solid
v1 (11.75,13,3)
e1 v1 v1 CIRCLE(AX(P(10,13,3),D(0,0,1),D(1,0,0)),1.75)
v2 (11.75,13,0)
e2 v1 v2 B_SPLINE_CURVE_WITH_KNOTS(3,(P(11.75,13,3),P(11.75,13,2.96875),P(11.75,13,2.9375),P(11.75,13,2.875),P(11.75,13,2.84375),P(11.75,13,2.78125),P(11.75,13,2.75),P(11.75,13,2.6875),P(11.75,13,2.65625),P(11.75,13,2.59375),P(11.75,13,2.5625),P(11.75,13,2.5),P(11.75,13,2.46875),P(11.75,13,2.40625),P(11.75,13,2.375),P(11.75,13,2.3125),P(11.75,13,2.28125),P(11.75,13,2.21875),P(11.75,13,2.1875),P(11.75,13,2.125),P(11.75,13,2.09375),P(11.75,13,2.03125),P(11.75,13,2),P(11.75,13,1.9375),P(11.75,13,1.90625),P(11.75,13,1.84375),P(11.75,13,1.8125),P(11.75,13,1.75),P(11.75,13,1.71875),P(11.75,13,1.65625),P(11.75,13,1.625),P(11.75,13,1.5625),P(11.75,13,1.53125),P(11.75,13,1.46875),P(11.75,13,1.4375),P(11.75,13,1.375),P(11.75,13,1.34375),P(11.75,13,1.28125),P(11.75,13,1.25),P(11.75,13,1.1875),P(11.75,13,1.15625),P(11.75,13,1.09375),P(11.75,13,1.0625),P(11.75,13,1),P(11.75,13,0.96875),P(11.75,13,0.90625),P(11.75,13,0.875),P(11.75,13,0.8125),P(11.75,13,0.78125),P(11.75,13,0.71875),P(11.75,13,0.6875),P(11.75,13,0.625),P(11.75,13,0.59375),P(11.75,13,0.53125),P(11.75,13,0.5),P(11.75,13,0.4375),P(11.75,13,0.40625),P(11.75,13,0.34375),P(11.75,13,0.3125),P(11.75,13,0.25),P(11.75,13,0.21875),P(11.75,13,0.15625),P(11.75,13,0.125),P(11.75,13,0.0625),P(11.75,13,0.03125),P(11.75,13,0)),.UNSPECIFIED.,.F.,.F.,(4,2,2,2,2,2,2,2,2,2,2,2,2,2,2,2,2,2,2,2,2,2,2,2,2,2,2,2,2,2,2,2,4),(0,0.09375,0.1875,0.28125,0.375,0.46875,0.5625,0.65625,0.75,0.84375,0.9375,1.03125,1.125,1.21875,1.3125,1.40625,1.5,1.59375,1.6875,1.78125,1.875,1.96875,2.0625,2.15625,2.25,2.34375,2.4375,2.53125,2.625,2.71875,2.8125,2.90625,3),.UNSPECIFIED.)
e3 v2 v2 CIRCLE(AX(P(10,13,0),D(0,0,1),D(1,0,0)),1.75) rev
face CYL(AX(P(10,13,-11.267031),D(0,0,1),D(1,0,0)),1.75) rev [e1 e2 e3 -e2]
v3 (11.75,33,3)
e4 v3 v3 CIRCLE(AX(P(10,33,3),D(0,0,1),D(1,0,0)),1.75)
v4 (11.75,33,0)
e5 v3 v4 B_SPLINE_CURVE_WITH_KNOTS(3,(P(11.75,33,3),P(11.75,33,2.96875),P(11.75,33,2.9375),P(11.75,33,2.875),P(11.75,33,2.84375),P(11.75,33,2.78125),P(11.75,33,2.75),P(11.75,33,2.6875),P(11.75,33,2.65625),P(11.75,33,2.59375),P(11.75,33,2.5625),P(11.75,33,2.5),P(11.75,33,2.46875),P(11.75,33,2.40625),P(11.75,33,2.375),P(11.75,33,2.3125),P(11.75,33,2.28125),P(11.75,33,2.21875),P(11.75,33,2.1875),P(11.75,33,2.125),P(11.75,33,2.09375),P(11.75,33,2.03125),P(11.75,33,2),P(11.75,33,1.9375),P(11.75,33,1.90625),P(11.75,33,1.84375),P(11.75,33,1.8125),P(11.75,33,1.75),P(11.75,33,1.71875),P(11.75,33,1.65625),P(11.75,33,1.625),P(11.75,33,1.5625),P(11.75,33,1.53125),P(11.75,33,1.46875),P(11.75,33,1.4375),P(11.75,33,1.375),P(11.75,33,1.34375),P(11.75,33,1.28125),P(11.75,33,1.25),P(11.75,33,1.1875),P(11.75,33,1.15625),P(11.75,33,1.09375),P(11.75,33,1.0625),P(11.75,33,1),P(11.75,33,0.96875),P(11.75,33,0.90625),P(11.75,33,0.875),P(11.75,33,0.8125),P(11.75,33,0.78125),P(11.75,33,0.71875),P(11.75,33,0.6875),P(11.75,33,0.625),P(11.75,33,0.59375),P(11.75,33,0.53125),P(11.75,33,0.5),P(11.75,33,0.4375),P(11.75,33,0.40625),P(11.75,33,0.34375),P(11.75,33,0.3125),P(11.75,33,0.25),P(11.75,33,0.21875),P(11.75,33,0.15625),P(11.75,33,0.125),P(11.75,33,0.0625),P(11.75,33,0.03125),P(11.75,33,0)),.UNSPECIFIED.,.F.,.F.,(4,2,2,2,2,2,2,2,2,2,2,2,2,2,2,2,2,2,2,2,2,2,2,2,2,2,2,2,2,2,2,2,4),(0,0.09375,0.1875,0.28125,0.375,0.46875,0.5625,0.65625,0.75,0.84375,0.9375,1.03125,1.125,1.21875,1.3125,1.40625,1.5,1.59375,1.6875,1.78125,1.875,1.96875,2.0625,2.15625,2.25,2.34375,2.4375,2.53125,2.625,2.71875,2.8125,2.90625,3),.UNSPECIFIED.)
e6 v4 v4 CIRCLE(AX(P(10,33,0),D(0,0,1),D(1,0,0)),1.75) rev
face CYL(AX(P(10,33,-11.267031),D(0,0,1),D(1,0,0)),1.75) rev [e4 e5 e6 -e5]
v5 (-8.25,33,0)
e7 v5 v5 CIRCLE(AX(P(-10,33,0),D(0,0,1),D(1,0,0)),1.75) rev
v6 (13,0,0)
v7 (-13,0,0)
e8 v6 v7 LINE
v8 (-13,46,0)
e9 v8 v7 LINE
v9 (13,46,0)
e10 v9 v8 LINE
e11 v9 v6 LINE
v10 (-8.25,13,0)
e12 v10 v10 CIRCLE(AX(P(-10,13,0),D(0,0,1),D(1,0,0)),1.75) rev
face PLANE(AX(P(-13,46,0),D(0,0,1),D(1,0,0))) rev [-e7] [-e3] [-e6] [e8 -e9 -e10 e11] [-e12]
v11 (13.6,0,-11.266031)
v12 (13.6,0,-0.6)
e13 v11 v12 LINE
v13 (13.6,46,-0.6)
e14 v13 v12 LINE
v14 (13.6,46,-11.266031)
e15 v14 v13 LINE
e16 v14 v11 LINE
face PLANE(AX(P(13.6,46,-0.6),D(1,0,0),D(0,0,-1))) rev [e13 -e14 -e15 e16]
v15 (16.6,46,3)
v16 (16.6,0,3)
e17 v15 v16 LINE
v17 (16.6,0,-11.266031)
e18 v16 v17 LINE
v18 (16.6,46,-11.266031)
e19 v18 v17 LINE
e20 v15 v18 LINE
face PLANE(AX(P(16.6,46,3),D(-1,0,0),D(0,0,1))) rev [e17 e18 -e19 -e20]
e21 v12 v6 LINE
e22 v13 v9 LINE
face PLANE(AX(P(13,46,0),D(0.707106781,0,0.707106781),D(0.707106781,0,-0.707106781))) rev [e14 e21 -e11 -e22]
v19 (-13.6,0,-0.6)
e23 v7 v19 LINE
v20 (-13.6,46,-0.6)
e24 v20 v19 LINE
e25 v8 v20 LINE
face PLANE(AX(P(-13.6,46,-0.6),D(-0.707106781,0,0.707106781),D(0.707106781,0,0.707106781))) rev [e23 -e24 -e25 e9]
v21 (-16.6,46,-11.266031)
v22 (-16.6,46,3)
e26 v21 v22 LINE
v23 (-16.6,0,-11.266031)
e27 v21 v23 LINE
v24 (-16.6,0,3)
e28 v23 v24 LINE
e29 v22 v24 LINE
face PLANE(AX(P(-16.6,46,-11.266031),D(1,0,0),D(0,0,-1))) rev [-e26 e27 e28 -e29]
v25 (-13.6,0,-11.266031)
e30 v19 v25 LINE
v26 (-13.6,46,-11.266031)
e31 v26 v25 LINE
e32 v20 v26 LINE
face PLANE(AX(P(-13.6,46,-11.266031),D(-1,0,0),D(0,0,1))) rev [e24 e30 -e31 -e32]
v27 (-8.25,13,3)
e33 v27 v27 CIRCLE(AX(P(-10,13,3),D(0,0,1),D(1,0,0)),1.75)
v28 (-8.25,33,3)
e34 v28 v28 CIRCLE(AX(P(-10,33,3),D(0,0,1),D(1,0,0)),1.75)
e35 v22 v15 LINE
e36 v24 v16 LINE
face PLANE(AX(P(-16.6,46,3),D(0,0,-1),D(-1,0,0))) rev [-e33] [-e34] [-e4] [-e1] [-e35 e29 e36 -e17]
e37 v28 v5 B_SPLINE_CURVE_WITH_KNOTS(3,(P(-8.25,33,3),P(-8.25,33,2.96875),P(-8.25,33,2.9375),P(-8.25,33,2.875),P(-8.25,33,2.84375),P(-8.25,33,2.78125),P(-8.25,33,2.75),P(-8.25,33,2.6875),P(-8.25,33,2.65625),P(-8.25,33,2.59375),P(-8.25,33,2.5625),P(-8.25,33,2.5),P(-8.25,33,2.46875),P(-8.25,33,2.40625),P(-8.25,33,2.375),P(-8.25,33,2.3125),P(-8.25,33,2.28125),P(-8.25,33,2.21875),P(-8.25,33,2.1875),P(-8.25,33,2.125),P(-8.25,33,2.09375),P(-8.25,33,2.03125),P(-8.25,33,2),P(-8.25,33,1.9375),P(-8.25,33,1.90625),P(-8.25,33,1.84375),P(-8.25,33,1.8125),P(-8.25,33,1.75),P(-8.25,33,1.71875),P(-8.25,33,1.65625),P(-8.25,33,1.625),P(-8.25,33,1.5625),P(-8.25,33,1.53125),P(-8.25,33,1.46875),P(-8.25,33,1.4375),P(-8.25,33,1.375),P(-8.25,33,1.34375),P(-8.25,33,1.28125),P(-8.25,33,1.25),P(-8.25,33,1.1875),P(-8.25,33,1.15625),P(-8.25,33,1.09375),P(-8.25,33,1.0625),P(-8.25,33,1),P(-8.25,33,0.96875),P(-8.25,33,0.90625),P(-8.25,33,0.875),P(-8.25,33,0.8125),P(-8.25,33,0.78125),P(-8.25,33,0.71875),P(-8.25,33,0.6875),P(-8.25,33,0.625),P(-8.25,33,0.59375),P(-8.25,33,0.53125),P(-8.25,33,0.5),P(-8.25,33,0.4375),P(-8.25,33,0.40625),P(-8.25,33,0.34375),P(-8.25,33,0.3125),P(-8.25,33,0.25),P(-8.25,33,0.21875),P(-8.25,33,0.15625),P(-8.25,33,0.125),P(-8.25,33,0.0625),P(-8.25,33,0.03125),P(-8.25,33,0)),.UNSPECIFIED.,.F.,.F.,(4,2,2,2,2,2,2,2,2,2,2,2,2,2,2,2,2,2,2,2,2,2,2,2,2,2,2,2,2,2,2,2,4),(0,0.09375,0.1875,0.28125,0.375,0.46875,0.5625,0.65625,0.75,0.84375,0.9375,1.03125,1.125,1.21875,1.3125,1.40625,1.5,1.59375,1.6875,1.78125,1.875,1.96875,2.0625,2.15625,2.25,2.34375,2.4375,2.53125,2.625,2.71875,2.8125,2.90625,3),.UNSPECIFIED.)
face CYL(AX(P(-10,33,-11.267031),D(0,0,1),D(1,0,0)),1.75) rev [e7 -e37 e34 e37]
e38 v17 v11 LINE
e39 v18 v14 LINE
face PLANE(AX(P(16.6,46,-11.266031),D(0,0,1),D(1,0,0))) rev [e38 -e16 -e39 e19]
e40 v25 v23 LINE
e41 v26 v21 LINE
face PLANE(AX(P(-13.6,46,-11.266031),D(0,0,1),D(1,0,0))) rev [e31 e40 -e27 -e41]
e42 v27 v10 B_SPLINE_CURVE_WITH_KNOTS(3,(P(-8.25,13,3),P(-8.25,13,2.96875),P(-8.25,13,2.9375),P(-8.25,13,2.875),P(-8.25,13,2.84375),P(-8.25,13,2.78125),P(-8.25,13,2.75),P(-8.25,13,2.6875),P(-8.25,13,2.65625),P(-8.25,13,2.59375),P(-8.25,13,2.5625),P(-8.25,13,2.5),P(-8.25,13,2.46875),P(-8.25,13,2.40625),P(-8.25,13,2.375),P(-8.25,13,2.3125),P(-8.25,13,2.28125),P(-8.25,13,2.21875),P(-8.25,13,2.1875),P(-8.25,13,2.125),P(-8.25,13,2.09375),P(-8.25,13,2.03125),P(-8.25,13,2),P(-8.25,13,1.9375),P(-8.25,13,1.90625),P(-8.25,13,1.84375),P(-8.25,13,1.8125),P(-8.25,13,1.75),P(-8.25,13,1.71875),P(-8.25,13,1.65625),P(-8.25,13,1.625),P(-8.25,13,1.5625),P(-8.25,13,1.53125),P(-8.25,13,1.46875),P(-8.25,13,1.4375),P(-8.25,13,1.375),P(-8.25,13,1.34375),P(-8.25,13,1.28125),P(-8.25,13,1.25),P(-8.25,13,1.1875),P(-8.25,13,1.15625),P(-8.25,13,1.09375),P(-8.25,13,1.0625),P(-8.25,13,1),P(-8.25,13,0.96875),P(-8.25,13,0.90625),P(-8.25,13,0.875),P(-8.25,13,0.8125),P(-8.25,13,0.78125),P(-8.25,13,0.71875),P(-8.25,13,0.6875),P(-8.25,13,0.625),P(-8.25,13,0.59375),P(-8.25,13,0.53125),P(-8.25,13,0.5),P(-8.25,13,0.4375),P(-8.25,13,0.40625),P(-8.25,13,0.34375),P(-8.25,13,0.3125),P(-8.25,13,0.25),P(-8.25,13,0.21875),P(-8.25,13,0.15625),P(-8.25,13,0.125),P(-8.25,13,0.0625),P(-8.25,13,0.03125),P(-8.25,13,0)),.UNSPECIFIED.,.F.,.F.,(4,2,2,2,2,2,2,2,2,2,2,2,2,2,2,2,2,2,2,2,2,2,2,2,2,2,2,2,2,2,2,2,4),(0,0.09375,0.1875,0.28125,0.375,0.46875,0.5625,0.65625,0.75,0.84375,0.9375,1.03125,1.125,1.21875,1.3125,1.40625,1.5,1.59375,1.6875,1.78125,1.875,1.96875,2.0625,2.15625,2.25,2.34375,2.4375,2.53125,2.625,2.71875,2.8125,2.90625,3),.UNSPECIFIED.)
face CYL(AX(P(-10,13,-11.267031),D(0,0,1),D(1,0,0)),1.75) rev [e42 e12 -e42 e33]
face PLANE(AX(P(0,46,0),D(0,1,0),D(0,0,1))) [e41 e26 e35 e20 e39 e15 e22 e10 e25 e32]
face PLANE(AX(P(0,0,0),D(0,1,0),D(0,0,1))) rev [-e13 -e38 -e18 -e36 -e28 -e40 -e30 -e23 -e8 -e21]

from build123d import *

# Parameters (mm, degrees)
BOSS_EXTRU_1_DEPTH      = 46
ENL_V_MAT_EXTRU_1_REACH = 52.942
ESQUISSE2_R             = 1.75


with BuildPart() as part:
    # Esquisse1 → Boss.-Extru.1 (new body)
    with BuildSketch(Plane(origin=(0, 0, 0), x_dir=(1, 0, 0), z_dir=(0, 1, 0))):
        Polygon((-13.6, 11.266030534), (-13.6, 0.6), (-13, 0), (13, 0), (13.6, 0.6), (13.6, 11.266030534), (16.6, 11.266030534), (16.6, -3), (-16.6, -3), (-16.6, 11.266030534), align=None)
    extrude(amount=BOSS_EXTRU_1_DEPTH)

    # Esquisse2 → Enlèv. mat.-Extru.1 (cut, up to next)
    with BuildSketch(Plane.XY.offset(3), mode=Mode.PRIVATE) as enl_v_mat_extru_1_sk1:
        with Locations((-10, 33)):
            Circle(ESQUISSE2_R)
    enl_v_mat_extru_1_tool1 = extrude(enl_v_mat_extru_1_sk1.sketch, amount=-ENL_V_MAT_EXTRU_1_REACH, mode=Mode.PRIVATE) & part.part
    # Esquisse2 → Enlèv. mat.-Extru.1 (cut, up to next)
    with BuildSketch(Plane.XY.offset(3), mode=Mode.PRIVATE) as enl_v_mat_extru_1_sk2:
        with Locations((10, 33)):
            Circle(ESQUISSE2_R)
    enl_v_mat_extru_1_tool2 = extrude(enl_v_mat_extru_1_sk2.sketch, amount=-ENL_V_MAT_EXTRU_1_REACH, mode=Mode.PRIVATE) & part.part
    # Esquisse2 → Enlèv. mat.-Extru.1 (cut, up to next)
    with BuildSketch(Plane.XY.offset(3), mode=Mode.PRIVATE) as enl_v_mat_extru_1_sk3:
        with Locations((10, 13)):
            Circle(ESQUISSE2_R)
    enl_v_mat_extru_1_tool3 = extrude(enl_v_mat_extru_1_sk3.sketch, amount=-ENL_V_MAT_EXTRU_1_REACH, mode=Mode.PRIVATE) & part.part
    # Esquisse2 → Enlèv. mat.-Extru.1 (cut, up to next)
    with BuildSketch(Plane.XY.offset(3), mode=Mode.PRIVATE) as enl_v_mat_extru_1_sk4:
        with Locations((-10, 13)):
            Circle(ESQUISSE2_R)
    enl_v_mat_extru_1_tool4 = extrude(enl_v_mat_extru_1_sk4.sketch, amount=-ENL_V_MAT_EXTRU_1_REACH, mode=Mode.PRIVATE) & part.part
    add(enl_v_mat_extru_1_tool1.solids().sort_by_distance((-10, 33, 3))[0], mode=Mode.SUBTRACT)
    add(enl_v_mat_extru_1_tool2.solids().sort_by_distance((10, 33, 3))[0], mode=Mode.SUBTRACT)
    add(enl_v_mat_extru_1_tool3.solids().sort_by_distance((10, 13, 3))[0], mode=Mode.SUBTRACT)
    add(enl_v_mat_extru_1_tool4.solids().sort_by_distance((-10, 13, 3))[0], mode=Mode.SUBTRACT)


solid = part.part
